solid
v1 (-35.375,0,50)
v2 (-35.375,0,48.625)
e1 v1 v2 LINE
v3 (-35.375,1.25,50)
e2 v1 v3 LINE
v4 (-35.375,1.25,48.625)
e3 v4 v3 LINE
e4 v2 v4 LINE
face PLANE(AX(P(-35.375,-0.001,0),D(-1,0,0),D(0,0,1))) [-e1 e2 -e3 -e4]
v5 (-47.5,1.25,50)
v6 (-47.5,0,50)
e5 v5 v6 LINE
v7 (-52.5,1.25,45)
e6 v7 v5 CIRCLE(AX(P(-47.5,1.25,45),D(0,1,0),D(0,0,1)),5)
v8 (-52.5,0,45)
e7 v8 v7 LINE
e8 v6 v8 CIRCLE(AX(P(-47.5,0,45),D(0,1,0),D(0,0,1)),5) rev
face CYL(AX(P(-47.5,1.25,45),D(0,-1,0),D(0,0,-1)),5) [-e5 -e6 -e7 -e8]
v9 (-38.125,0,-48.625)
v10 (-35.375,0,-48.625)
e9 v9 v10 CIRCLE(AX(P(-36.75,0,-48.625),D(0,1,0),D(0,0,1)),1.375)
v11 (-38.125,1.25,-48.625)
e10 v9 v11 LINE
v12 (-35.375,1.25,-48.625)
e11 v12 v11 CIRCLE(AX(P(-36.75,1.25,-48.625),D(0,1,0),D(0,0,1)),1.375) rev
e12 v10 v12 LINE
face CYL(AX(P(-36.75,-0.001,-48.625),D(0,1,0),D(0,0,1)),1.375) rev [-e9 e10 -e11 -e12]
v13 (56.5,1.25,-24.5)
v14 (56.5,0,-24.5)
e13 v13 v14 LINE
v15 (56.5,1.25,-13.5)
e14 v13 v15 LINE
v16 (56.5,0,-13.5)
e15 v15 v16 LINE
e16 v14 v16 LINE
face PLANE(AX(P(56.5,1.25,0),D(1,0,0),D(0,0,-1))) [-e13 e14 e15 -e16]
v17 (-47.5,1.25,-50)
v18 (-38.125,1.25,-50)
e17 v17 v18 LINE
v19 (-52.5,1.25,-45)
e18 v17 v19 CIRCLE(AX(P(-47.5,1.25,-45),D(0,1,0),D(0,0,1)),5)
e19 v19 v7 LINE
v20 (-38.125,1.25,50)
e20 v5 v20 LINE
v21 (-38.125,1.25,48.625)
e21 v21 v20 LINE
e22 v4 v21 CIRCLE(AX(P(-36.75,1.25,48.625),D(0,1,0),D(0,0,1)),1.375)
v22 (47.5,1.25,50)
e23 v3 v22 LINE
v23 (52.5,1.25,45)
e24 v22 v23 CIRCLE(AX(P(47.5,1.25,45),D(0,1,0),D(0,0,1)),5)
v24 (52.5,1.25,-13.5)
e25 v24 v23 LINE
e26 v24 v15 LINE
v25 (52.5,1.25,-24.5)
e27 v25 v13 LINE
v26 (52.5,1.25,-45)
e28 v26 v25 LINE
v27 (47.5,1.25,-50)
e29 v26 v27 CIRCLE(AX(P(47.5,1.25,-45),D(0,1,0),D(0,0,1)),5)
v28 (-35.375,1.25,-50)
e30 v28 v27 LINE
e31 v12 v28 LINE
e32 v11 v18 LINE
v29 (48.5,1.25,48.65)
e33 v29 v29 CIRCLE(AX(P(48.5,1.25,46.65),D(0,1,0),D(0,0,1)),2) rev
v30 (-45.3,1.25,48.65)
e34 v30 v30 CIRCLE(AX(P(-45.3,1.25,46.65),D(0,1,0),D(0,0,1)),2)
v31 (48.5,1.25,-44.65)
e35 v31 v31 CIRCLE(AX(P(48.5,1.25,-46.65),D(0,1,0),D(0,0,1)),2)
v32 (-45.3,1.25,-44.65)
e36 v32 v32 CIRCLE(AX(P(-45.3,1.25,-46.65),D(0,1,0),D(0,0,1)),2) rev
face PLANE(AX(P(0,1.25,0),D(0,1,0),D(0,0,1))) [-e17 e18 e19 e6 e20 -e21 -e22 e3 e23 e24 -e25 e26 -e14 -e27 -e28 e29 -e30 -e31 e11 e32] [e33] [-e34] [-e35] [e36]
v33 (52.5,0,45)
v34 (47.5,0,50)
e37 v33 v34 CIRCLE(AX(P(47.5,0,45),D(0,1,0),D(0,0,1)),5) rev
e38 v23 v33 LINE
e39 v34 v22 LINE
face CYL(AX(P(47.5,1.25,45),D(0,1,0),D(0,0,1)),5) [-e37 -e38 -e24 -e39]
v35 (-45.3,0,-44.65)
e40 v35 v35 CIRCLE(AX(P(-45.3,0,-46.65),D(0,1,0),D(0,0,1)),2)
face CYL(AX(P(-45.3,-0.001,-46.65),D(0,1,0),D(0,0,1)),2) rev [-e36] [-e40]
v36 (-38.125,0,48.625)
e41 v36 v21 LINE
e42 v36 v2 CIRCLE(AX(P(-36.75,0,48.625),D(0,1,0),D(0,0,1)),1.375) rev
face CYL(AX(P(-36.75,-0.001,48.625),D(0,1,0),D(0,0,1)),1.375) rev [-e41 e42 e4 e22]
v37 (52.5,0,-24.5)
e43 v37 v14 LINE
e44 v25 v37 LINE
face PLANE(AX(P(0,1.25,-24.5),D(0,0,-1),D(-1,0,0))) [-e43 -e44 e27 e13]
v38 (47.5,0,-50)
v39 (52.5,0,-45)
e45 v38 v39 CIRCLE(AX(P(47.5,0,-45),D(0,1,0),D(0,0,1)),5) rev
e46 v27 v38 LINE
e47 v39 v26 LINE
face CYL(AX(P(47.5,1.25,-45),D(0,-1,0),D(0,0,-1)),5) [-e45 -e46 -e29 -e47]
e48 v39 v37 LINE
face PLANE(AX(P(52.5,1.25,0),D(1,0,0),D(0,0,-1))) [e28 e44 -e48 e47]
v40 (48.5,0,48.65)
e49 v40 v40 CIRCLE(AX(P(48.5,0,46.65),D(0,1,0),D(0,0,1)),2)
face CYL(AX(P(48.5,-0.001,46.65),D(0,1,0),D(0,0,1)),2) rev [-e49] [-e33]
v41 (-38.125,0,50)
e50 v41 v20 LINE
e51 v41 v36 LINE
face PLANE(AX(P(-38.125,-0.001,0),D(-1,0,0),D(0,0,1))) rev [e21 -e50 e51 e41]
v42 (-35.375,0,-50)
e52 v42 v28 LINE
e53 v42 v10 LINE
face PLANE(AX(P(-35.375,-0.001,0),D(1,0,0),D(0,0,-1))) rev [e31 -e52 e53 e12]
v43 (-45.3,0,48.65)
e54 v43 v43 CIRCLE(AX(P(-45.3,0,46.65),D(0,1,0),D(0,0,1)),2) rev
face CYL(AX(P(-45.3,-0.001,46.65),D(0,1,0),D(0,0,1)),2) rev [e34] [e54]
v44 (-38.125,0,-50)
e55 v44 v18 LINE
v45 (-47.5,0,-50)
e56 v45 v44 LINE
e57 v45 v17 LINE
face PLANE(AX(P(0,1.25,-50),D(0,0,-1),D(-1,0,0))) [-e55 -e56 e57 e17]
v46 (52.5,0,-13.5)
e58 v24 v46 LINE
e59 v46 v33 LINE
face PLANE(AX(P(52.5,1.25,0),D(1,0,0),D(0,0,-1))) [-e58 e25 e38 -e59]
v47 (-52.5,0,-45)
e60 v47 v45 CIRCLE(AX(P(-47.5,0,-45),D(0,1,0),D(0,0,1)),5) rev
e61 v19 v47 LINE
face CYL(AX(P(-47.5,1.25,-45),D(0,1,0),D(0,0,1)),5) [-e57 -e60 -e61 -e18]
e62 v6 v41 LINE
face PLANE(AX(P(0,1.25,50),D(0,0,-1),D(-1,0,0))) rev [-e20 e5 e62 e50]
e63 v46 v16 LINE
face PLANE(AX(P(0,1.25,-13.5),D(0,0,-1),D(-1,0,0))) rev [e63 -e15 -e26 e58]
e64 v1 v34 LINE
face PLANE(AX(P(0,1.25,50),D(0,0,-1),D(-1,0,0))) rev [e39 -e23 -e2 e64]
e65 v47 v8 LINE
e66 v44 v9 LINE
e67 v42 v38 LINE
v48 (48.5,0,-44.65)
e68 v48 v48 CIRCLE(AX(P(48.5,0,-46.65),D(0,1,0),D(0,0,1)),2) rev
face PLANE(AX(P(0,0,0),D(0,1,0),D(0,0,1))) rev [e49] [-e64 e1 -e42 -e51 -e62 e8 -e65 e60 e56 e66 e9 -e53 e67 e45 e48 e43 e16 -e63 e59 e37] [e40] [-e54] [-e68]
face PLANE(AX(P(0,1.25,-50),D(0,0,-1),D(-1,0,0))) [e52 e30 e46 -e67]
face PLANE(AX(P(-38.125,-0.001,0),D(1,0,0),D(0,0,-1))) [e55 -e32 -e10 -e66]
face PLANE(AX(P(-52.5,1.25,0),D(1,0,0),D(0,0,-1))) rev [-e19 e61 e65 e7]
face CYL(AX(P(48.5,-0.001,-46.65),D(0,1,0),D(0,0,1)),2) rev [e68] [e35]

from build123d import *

# Parameters (mm, degrees)
SKETCH1_W                  = 105
SKETCH1_H                  = 100
SKETCH1_W_2                = 4
SKETCH1_H_2                = 11
MAIN_PCB_DEPTH             = 1.25
MAIN_PCB_ROUNDED_CORNERS_R = 5
MAIN_PCB_HOLES_REACH       = 3.25
SKETCH2_R                  = 2
SKETCH2_R_2                = 1.375


with BuildPart() as part:
    # Sketch1 → Main PCB (new body)
    with BuildSketch(Plane(origin=(0, 0, 0), x_dir=(1, 0, 0), z_dir=(0, 1, 0))):
        Rectangle(SKETCH1_W, SKETCH1_H)
        with Locations((54.5, 19)):
            Rectangle(SKETCH1_W_2, SKETCH1_H_2)
    extrude(amount=MAIN_PCB_DEPTH)

    # Main PCB rounded corners
    main_pcb_rounded_corners_edges = [part.edges().sort_by_distance(p)[0] for p in [
        (52.5, 0.625, 50),
        (-52.5, 0.625, 50),
        (-52.5, 0.625, -50),
        (52.5, 0.625, -50),
    ]]
    fillet(main_pcb_rounded_corners_edges, radius=MAIN_PCB_ROUNDED_CORNERS_R)

    # Sketch2 → Main PCB holes (cut, up to next)
    with BuildSketch(Plane(origin=(0, 1.25, 0), x_dir=(1, 0, 0), z_dir=(0, 1, 0)), mode=Mode.PRIVATE) as main_pcb_holes_sk1:
        with Locations((-45.3, 46.65)):
            Circle(SKETCH2_R)
    main_pcb_holes_tool1 = extrude(main_pcb_holes_sk1.sketch, amount=-MAIN_PCB_HOLES_REACH, mode=Mode.PRIVATE) & part.part
    add(main_pcb_holes_tool1.solids().sort_by_distance((-45.3, 1.25, -46.65))[0], mode=Mode.SUBTRACT)
    # Sketch2 → Main PCB holes (cut, up to next)
    with BuildSketch(Plane(origin=(0, 1.25, 0), x_dir=(1, 0, 0), z_dir=(0, 1, 0)), mode=Mode.PRIVATE) as main_pcb_holes_sk2:
        with Locations((48.5, 46.65)):
            Circle(SKETCH2_R)
    main_pcb_holes_tool2 = extrude(main_pcb_holes_sk2.sketch, amount=-MAIN_PCB_HOLES_REACH, mode=Mode.PRIVATE) & part.part
    add(main_pcb_holes_tool2.solids().sort_by_distance((48.5, 1.25, -46.65))[0], mode=Mode.SUBTRACT)
    # Sketch2 → Main PCB holes (cut, up to next)
    with BuildSketch(Plane(origin=(0, 1.25, 0), x_dir=(1, 0, 0), z_dir=(0, 1, 0)), mode=Mode.PRIVATE) as main_pcb_holes_sk3:
        with Locations((48.5, -46.65)):
            Circle(SKETCH2_R)
    main_pcb_holes_tool3 = extrude(main_pcb_holes_sk3.sketch, amount=-MAIN_PCB_HOLES_REACH, mode=Mode.PRIVATE) & part.part
    add(main_pcb_holes_tool3.solids().sort_by_distance((48.5, 1.25, 46.65))[0], mode=Mode.SUBTRACT)
    # Sketch2 → Main PCB holes (cut, up to next)
    with BuildSketch(Plane(origin=(0, 1.25, 0), x_dir=(1, 0, 0), z_dir=(0, 1, 0)), mode=Mode.PRIVATE) as main_pcb_holes_sk4:
        with Locations((-45.3, -46.65)):
            Circle(SKETCH2_R)
    main_pcb_holes_tool4 = extrude(main_pcb_holes_sk4.sketch, amount=-MAIN_PCB_HOLES_REACH, mode=Mode.PRIVATE) & part.part
    add(main_pcb_holes_tool4.solids().sort_by_distance((-45.3, 1.25, 46.65))[0], mode=Mode.SUBTRACT)
    # Sketch2 → Main PCB holes (cut, up to next)
    with BuildSketch(Plane(origin=(0, 1.25, 0), x_dir=(1, 0, 0), z_dir=(0, 1, 0)), mode=Mode.PRIVATE) as main_pcb_holes_sk5:
        with Locations((-36.75, -48.625)):
            Circle(SKETCH2_R_2)
    main_pcb_holes_tool5 = extrude(main_pcb_holes_sk5.sketch, amount=-MAIN_PCB_HOLES_REACH, mode=Mode.PRIVATE) & part.part
    add(main_pcb_holes_tool5.solids().sort_by_distance((-36.75, 1.25, 48.625))[0], mode=Mode.SUBTRACT)
    # Sketch2 → Main PCB holes (cut, up to next)
    with BuildSketch(Plane(origin=(0, 1.25, 0), x_dir=(1, 0, 0), z_dir=(0, 1, 0)), mode=Mode.PRIVATE) as main_pcb_holes_sk6:
        with BuildLine():
            ThreePointArc((-36.75, -50), (-37.722271824, -49.597271824), (-38.125, -48.625))
            Line((-38.125, -48.625), (-38.125, -50))
            Line((-38.125, -50), (-36.75, -50))
        make_face()
    main_pcb_holes_tool6 = extrude(main_pcb_holes_sk6.sketch, amount=-MAIN_PCB_HOLES_REACH, mode=Mode.PRIVATE) & part.part
    add(main_pcb_holes_tool6.solids().sort_by_distance((-37.817869, 1.25, 49.692869))[0], mode=Mode.SUBTRACT)
    # Sketch2 → Main PCB holes (cut, up to next)
    with BuildSketch(Plane(origin=(0, 1.25, 0), x_dir=(1, 0, 0), z_dir=(0, 1, 0)), mode=Mode.PRIVATE) as main_pcb_holes_sk7:
        with BuildLine():
            Line((-35.375, -50), (-35.375, -48.625))
            ThreePointArc((-35.375, -48.625), (-35.777728176, -49.597271824), (-36.75, -50))
            Line((-36.75, -50), (-35.375, -50))
        make_face()
    main_pcb_holes_tool7 = extrude(main_pcb_holes_sk7.sketch, amount=-MAIN_PCB_HOLES_REACH, mode=Mode.PRIVATE) & part.part
    add(main_pcb_holes_tool7.solids().sort_by_distance((-35.682131, 1.25, 49.692869))[0], mode=Mode.SUBTRACT)
    # Sketch2 → Main PCB holes (cut, up to next)
    with BuildSketch(Plane(origin=(0, 1.25, 0), x_dir=(1, 0, 0), z_dir=(0, 1, 0)), mode=Mode.PRIVATE) as main_pcb_holes_sk8:
        with BuildLine():
            Line((-36.75, 50), (-38.125, 50))
            Line((-38.125, 50), (-38.125, 48.625))
            ThreePointArc((-38.125, 48.625), (-37.722271824, 49.597271824), (-36.75, 50))
        make_face()
    main_pcb_holes_tool8 = extrude(main_pcb_holes_sk8.sketch, amount=-MAIN_PCB_HOLES_REACH, mode=Mode.PRIVATE) & part.part
    add(main_pcb_holes_tool8.solids().sort_by_distance((-37.817869, 1.25, -49.692869))[0], mode=Mode.SUBTRACT)
    # Sketch2 → Main PCB holes (cut, up to next)
    with BuildSketch(Plane(origin=(0, 1.25, 0), x_dir=(1, 0, 0), z_dir=(0, 1, 0)), mode=Mode.PRIVATE) as main_pcb_holes_sk9:
        with Locations((-36.75, 48.625)):
            Circle(SKETCH2_R_2)
    main_pcb_holes_tool9 = extrude(main_pcb_holes_sk9.sketch, amount=-MAIN_PCB_HOLES_REACH, mode=Mode.PRIVATE) & part.part
    add(main_pcb_holes_tool9.solids().sort_by_distance((-36.75, 1.25, -48.625))[0], mode=Mode.SUBTRACT)
    # Sketch2 → Main PCB holes (cut, up to next)
    with BuildSketch(Plane(origin=(0, 1.25, 0), x_dir=(1, 0, 0), z_dir=(0, 1, 0)), mode=Mode.PRIVATE) as main_pcb_holes_sk10:
        with BuildLine():
            Line((-35.375, 50), (-36.75, 50))
            ThreePointArc((-36.75, 50), (-35.777728176, 49.597271824), (-35.375, 48.625))
            Line((-35.375, 48.625), (-35.375, 50))
        make_face()
    main_pcb_holes_tool10 = extrude(main_pcb_holes_sk10.sketch, amount=-MAIN_PCB_HOLES_REACH, mode=Mode.PRIVATE) & part.part
    add(main_pcb_holes_tool10.solids().sort_by_distance((-35.682131, 1.25, -49.692869))[0], mode=Mode.SUBTRACT)


solid = part.part
